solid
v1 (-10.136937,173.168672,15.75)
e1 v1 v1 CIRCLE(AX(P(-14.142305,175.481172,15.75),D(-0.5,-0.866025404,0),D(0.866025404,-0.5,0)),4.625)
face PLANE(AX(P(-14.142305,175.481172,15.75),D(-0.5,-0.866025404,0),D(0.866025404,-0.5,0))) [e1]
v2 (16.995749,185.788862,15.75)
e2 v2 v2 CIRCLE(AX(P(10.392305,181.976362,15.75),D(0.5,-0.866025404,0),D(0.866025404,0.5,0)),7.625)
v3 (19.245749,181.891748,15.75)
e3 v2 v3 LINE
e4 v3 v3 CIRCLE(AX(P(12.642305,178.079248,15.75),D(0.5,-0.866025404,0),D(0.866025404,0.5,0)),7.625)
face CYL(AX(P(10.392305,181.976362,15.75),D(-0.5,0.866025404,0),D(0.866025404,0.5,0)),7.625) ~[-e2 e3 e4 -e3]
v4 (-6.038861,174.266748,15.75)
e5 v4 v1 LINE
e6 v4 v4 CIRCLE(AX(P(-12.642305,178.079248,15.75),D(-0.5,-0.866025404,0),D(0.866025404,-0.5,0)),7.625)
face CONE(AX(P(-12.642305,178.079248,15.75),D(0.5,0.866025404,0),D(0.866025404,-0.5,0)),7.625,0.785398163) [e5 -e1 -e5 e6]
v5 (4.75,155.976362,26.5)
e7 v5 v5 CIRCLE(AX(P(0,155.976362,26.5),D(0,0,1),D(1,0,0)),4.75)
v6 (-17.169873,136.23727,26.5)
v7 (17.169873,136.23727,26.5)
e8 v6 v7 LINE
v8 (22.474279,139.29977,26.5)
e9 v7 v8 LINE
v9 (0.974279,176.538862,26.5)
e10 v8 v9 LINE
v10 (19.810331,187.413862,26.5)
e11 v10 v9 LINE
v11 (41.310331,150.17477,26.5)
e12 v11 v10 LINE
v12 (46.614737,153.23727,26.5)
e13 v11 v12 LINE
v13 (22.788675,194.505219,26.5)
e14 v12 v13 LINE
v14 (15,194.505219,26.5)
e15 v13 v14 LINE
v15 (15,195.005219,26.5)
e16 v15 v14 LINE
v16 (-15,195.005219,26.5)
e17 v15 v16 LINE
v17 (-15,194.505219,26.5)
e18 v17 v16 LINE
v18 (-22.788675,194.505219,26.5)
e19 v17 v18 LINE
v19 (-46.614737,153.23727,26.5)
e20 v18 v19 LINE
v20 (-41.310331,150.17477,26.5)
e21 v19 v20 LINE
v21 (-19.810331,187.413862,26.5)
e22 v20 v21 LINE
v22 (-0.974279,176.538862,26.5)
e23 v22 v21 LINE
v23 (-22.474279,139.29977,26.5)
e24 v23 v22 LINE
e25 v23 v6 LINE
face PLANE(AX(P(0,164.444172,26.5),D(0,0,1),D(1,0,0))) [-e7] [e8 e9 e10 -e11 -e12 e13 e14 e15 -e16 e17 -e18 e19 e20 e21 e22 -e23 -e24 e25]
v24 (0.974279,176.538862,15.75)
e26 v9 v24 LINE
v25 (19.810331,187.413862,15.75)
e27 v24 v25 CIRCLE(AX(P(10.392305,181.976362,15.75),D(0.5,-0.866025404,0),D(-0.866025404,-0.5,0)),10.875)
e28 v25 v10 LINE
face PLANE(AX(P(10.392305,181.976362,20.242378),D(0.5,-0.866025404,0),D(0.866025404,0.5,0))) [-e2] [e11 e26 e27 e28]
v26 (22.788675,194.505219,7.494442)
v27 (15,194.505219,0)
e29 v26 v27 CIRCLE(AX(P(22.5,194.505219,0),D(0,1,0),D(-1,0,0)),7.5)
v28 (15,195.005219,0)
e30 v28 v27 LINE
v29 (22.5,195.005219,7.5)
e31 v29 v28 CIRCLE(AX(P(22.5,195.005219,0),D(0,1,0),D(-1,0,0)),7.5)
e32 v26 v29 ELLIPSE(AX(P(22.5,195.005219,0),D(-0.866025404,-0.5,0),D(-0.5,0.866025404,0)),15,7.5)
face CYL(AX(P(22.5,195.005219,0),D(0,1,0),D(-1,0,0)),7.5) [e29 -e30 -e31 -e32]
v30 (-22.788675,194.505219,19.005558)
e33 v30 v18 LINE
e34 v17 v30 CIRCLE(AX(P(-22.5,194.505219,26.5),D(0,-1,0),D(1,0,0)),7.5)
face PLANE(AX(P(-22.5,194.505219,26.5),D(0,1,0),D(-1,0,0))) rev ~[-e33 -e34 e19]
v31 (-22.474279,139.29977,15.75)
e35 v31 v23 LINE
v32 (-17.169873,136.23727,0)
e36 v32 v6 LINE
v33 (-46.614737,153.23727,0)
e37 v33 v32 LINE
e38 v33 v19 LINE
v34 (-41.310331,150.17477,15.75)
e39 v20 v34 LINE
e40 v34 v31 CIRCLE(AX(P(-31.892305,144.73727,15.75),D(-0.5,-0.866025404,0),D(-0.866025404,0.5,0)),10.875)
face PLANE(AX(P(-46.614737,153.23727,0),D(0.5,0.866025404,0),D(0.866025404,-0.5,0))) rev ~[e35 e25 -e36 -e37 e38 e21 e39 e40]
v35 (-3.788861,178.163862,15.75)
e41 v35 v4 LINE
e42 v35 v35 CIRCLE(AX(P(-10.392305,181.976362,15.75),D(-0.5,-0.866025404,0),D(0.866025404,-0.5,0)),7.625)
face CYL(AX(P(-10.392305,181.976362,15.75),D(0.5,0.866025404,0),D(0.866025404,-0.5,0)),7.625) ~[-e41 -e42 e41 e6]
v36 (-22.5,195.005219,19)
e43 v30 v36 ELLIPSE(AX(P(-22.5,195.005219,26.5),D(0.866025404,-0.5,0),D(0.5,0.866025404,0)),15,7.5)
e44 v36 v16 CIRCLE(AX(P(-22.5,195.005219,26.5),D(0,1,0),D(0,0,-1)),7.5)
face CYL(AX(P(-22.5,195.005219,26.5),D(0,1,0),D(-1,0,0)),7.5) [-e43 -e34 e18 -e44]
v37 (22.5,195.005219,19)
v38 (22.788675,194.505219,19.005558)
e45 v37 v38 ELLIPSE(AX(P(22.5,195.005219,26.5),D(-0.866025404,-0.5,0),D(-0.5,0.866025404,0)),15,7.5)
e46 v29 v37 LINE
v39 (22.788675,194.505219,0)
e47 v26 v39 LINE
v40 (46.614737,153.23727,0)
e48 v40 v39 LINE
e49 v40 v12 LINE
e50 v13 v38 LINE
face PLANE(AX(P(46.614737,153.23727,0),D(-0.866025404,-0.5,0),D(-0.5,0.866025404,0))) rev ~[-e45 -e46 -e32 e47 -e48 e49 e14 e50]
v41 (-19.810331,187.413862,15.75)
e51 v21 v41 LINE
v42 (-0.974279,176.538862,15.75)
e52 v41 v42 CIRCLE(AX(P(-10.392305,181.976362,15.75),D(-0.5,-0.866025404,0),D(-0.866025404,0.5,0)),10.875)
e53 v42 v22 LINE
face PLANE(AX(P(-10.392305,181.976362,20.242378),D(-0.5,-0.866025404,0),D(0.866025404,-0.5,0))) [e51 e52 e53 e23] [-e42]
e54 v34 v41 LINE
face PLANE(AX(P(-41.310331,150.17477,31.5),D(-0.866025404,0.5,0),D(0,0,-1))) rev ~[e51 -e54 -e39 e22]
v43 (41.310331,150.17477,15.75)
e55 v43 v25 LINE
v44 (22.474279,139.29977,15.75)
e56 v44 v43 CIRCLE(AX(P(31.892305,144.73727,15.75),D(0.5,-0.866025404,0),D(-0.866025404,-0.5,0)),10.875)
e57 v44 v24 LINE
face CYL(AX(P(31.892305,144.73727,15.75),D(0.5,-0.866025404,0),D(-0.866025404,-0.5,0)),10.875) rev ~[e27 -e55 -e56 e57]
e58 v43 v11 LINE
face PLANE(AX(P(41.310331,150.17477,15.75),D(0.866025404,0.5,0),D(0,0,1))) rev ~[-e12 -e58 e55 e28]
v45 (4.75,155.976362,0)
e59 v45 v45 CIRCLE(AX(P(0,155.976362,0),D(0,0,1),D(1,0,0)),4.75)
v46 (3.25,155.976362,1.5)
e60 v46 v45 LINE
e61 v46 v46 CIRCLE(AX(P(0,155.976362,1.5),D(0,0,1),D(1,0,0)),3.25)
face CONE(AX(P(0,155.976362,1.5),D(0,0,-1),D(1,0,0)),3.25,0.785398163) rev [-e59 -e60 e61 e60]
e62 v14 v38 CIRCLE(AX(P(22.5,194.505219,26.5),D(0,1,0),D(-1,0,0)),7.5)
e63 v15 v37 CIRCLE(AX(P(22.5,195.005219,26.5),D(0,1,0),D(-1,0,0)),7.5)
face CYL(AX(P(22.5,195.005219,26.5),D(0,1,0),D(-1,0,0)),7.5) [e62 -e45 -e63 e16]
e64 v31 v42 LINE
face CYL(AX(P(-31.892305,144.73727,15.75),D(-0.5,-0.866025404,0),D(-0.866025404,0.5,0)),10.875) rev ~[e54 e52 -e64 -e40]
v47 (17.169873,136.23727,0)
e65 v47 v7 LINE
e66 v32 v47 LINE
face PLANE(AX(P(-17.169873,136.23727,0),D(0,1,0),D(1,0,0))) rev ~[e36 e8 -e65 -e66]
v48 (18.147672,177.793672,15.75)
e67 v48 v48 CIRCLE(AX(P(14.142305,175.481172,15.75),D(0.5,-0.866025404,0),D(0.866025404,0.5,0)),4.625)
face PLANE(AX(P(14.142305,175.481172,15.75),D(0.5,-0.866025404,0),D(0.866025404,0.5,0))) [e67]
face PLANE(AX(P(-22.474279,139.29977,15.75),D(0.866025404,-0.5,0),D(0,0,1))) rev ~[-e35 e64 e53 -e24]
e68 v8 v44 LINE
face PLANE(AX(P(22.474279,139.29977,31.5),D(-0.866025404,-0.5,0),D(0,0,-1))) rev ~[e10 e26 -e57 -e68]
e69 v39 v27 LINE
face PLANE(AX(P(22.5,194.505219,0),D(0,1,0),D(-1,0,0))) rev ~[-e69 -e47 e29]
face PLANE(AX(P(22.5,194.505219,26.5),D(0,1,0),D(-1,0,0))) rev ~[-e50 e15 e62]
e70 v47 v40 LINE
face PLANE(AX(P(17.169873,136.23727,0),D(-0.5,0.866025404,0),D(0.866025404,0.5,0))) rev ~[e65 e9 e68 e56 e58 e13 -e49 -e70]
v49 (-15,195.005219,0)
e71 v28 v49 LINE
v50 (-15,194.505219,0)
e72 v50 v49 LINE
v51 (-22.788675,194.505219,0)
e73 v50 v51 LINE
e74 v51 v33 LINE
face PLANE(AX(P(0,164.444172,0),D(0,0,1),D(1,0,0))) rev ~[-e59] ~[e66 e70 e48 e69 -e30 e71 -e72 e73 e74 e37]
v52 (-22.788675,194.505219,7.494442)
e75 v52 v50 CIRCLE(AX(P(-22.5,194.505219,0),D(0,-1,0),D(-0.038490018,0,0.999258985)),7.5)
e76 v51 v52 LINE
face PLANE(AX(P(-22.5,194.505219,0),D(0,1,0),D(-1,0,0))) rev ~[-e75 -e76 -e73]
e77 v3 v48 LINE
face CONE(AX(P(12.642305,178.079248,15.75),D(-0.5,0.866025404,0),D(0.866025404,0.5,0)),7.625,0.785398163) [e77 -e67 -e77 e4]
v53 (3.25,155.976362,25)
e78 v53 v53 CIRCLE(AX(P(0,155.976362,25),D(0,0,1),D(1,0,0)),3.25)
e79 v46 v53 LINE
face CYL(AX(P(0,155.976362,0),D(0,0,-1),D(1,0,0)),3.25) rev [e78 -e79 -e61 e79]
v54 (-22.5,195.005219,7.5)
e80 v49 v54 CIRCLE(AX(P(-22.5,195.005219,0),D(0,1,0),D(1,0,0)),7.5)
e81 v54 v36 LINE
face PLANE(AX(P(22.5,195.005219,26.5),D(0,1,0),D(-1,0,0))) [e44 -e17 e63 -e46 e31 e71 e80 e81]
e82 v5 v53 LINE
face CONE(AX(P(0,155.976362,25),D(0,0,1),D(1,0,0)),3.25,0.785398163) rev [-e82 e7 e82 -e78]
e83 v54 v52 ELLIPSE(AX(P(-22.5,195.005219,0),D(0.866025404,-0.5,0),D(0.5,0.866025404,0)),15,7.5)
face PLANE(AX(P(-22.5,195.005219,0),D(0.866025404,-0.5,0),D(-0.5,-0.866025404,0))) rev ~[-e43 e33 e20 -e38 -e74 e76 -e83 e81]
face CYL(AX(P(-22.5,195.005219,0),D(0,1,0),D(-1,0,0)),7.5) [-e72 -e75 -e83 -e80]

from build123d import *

# Parameters (mm, degrees)
F0_R      = 3.25
F1_DEPTH  = 31.5
F3_DEPTH  = 43
F5_DEPTH  = 43
F6_R      = 7.625
F7_DEPTH  = 7.5
F8_R      = 7.625
F9_DEPTH  = 7.5
F10_SIZE  = 3
F11_DEPTH = 5
F12_SIZE  = 1.5
F13_R     = 7.5
F14_DEPTH = 0.5


with BuildPart() as f1:
    # F0 (on Top) → F1 (new body)
    with BuildSketch(Plane.XY):
        Polygon((22.5, 195.0052188787), (-22.5, 195.0052188787), (-46.6147367097, 153.2372696863), (-17.1698729811, 136.2372696863), (17.1698729811, 136.2372696863), (46.6147367097, 153.2372696863), align=None)
        with Locations((0, 155.976362049)):
            Circle(F0_R, mode=Mode.SUBTRACT)
    extrude(amount=F1_DEPTH)

    # F2 (on face) → F3 (cut)
    with BuildSketch(Plane(origin=(54.7, 94.743179174, 0), x_dir=(0.8660254038, -0.5, 0), z_dir=(-0.5, -0.8660254038, 0))):
        with BuildLine():
            Line((-110.8631810245, 31.5), (-110.8631810245, 15.75))
            ThreePointArc((-110.8631810245, 15.75), (-99.9881810245, 4.875), (-89.1131810245, 15.75))
            Line((-89.1131810245, 15.75), (-89.1131810245, 31.5))
            Line((-89.1131810245, 31.5), (-110.8631810245, 31.5))
        make_face()
    extrude(amount=-F3_DEPTH, mode=Mode.SUBTRACT)

    # F4 (on face) → F5 (cut)
    with BuildSketch(Plane(origin=(-54.7, 94.743179174, 0), x_dir=(0.8660254038, 0.5, 0), z_dir=(0.5, -0.8660254038, 0))):
        with BuildLine():
            Line((89.1131810245, 31.5), (89.1131810245, 15.75))
            ThreePointArc((89.1131810245, 15.75), (99.9881810245, 4.875), (110.8631810245, 15.75))
            Line((110.8631810245, 15.75), (110.8631810245, 31.5))
            Line((110.8631810245, 31.5), (89.1131810245, 31.5))
        make_face()
    extrude(amount=-F5_DEPTH, mode=Mode.SUBTRACT)

    # F6 (on face) → F7 (join)
    with BuildSketch(Plane(origin=(76.2, 131.9822715367, 0), x_dir=(0.8660254038, -0.5, 0), z_dir=(-0.5, -0.8660254038, 0))):
        with Locations((-99.9881810245, 15.75)):
            Circle(F6_R)
    extrude(amount=F7_DEPTH)

    # F8 (on face) → F9 (join)
    with BuildSketch(Plane(origin=(-76.2, 131.9822715367, 0), x_dir=(0.8660254038, 0.5, 0), z_dir=(0.5, -0.8660254038, 0))):
        with Locations((99.9881810245, 15.75)):
            Circle(F8_R)
    extrude(amount=F9_DEPTH)

    # F10
    f10_edges = [f1.edges().sort_by_distance(p)[0] for p in [
        (-20.745749, 179.293672, 15.75),
        (7.538861, 171.668672, 15.75),
    ]]
    chamfer(f10_edges, length=F10_SIZE)

    # F11 (cut): a face of the model
    f11_faces = [f1.faces().sort_by_distance(p)[0] for p in [
        (0, 166.034633576, 31.5),
    ]]
    extrude(f11_faces, amount=-F11_DEPTH, mode=Mode.SUBTRACT)

    # F12
    f12_edges = [f1.edges().sort_by_distance(p)[0] for p in [
        (-3.25, 155.976362, 26.5),
        (-3.25, 155.976362, 0),
    ]]
    chamfer(f12_edges, length=F12_SIZE)

    # F13 (on face) → F14 (join)
    with BuildSketch(Plane(origin=(0, 195.0052188787, 0), x_dir=(-1, 0, 0), z_dir=(0, 1, 0))):
        with Locations((-22.5, 26.5)):
            Circle(F13_R)
        with Locations((22.5, 26.5)):
            Circle(F13_R)
        with Locations((22.5, 0)):
            Circle(F13_R)
        with Locations((-22.5, 0)):
            Circle(F13_R)
    extrude(amount=-F14_DEPTH)


solid = f1.part
